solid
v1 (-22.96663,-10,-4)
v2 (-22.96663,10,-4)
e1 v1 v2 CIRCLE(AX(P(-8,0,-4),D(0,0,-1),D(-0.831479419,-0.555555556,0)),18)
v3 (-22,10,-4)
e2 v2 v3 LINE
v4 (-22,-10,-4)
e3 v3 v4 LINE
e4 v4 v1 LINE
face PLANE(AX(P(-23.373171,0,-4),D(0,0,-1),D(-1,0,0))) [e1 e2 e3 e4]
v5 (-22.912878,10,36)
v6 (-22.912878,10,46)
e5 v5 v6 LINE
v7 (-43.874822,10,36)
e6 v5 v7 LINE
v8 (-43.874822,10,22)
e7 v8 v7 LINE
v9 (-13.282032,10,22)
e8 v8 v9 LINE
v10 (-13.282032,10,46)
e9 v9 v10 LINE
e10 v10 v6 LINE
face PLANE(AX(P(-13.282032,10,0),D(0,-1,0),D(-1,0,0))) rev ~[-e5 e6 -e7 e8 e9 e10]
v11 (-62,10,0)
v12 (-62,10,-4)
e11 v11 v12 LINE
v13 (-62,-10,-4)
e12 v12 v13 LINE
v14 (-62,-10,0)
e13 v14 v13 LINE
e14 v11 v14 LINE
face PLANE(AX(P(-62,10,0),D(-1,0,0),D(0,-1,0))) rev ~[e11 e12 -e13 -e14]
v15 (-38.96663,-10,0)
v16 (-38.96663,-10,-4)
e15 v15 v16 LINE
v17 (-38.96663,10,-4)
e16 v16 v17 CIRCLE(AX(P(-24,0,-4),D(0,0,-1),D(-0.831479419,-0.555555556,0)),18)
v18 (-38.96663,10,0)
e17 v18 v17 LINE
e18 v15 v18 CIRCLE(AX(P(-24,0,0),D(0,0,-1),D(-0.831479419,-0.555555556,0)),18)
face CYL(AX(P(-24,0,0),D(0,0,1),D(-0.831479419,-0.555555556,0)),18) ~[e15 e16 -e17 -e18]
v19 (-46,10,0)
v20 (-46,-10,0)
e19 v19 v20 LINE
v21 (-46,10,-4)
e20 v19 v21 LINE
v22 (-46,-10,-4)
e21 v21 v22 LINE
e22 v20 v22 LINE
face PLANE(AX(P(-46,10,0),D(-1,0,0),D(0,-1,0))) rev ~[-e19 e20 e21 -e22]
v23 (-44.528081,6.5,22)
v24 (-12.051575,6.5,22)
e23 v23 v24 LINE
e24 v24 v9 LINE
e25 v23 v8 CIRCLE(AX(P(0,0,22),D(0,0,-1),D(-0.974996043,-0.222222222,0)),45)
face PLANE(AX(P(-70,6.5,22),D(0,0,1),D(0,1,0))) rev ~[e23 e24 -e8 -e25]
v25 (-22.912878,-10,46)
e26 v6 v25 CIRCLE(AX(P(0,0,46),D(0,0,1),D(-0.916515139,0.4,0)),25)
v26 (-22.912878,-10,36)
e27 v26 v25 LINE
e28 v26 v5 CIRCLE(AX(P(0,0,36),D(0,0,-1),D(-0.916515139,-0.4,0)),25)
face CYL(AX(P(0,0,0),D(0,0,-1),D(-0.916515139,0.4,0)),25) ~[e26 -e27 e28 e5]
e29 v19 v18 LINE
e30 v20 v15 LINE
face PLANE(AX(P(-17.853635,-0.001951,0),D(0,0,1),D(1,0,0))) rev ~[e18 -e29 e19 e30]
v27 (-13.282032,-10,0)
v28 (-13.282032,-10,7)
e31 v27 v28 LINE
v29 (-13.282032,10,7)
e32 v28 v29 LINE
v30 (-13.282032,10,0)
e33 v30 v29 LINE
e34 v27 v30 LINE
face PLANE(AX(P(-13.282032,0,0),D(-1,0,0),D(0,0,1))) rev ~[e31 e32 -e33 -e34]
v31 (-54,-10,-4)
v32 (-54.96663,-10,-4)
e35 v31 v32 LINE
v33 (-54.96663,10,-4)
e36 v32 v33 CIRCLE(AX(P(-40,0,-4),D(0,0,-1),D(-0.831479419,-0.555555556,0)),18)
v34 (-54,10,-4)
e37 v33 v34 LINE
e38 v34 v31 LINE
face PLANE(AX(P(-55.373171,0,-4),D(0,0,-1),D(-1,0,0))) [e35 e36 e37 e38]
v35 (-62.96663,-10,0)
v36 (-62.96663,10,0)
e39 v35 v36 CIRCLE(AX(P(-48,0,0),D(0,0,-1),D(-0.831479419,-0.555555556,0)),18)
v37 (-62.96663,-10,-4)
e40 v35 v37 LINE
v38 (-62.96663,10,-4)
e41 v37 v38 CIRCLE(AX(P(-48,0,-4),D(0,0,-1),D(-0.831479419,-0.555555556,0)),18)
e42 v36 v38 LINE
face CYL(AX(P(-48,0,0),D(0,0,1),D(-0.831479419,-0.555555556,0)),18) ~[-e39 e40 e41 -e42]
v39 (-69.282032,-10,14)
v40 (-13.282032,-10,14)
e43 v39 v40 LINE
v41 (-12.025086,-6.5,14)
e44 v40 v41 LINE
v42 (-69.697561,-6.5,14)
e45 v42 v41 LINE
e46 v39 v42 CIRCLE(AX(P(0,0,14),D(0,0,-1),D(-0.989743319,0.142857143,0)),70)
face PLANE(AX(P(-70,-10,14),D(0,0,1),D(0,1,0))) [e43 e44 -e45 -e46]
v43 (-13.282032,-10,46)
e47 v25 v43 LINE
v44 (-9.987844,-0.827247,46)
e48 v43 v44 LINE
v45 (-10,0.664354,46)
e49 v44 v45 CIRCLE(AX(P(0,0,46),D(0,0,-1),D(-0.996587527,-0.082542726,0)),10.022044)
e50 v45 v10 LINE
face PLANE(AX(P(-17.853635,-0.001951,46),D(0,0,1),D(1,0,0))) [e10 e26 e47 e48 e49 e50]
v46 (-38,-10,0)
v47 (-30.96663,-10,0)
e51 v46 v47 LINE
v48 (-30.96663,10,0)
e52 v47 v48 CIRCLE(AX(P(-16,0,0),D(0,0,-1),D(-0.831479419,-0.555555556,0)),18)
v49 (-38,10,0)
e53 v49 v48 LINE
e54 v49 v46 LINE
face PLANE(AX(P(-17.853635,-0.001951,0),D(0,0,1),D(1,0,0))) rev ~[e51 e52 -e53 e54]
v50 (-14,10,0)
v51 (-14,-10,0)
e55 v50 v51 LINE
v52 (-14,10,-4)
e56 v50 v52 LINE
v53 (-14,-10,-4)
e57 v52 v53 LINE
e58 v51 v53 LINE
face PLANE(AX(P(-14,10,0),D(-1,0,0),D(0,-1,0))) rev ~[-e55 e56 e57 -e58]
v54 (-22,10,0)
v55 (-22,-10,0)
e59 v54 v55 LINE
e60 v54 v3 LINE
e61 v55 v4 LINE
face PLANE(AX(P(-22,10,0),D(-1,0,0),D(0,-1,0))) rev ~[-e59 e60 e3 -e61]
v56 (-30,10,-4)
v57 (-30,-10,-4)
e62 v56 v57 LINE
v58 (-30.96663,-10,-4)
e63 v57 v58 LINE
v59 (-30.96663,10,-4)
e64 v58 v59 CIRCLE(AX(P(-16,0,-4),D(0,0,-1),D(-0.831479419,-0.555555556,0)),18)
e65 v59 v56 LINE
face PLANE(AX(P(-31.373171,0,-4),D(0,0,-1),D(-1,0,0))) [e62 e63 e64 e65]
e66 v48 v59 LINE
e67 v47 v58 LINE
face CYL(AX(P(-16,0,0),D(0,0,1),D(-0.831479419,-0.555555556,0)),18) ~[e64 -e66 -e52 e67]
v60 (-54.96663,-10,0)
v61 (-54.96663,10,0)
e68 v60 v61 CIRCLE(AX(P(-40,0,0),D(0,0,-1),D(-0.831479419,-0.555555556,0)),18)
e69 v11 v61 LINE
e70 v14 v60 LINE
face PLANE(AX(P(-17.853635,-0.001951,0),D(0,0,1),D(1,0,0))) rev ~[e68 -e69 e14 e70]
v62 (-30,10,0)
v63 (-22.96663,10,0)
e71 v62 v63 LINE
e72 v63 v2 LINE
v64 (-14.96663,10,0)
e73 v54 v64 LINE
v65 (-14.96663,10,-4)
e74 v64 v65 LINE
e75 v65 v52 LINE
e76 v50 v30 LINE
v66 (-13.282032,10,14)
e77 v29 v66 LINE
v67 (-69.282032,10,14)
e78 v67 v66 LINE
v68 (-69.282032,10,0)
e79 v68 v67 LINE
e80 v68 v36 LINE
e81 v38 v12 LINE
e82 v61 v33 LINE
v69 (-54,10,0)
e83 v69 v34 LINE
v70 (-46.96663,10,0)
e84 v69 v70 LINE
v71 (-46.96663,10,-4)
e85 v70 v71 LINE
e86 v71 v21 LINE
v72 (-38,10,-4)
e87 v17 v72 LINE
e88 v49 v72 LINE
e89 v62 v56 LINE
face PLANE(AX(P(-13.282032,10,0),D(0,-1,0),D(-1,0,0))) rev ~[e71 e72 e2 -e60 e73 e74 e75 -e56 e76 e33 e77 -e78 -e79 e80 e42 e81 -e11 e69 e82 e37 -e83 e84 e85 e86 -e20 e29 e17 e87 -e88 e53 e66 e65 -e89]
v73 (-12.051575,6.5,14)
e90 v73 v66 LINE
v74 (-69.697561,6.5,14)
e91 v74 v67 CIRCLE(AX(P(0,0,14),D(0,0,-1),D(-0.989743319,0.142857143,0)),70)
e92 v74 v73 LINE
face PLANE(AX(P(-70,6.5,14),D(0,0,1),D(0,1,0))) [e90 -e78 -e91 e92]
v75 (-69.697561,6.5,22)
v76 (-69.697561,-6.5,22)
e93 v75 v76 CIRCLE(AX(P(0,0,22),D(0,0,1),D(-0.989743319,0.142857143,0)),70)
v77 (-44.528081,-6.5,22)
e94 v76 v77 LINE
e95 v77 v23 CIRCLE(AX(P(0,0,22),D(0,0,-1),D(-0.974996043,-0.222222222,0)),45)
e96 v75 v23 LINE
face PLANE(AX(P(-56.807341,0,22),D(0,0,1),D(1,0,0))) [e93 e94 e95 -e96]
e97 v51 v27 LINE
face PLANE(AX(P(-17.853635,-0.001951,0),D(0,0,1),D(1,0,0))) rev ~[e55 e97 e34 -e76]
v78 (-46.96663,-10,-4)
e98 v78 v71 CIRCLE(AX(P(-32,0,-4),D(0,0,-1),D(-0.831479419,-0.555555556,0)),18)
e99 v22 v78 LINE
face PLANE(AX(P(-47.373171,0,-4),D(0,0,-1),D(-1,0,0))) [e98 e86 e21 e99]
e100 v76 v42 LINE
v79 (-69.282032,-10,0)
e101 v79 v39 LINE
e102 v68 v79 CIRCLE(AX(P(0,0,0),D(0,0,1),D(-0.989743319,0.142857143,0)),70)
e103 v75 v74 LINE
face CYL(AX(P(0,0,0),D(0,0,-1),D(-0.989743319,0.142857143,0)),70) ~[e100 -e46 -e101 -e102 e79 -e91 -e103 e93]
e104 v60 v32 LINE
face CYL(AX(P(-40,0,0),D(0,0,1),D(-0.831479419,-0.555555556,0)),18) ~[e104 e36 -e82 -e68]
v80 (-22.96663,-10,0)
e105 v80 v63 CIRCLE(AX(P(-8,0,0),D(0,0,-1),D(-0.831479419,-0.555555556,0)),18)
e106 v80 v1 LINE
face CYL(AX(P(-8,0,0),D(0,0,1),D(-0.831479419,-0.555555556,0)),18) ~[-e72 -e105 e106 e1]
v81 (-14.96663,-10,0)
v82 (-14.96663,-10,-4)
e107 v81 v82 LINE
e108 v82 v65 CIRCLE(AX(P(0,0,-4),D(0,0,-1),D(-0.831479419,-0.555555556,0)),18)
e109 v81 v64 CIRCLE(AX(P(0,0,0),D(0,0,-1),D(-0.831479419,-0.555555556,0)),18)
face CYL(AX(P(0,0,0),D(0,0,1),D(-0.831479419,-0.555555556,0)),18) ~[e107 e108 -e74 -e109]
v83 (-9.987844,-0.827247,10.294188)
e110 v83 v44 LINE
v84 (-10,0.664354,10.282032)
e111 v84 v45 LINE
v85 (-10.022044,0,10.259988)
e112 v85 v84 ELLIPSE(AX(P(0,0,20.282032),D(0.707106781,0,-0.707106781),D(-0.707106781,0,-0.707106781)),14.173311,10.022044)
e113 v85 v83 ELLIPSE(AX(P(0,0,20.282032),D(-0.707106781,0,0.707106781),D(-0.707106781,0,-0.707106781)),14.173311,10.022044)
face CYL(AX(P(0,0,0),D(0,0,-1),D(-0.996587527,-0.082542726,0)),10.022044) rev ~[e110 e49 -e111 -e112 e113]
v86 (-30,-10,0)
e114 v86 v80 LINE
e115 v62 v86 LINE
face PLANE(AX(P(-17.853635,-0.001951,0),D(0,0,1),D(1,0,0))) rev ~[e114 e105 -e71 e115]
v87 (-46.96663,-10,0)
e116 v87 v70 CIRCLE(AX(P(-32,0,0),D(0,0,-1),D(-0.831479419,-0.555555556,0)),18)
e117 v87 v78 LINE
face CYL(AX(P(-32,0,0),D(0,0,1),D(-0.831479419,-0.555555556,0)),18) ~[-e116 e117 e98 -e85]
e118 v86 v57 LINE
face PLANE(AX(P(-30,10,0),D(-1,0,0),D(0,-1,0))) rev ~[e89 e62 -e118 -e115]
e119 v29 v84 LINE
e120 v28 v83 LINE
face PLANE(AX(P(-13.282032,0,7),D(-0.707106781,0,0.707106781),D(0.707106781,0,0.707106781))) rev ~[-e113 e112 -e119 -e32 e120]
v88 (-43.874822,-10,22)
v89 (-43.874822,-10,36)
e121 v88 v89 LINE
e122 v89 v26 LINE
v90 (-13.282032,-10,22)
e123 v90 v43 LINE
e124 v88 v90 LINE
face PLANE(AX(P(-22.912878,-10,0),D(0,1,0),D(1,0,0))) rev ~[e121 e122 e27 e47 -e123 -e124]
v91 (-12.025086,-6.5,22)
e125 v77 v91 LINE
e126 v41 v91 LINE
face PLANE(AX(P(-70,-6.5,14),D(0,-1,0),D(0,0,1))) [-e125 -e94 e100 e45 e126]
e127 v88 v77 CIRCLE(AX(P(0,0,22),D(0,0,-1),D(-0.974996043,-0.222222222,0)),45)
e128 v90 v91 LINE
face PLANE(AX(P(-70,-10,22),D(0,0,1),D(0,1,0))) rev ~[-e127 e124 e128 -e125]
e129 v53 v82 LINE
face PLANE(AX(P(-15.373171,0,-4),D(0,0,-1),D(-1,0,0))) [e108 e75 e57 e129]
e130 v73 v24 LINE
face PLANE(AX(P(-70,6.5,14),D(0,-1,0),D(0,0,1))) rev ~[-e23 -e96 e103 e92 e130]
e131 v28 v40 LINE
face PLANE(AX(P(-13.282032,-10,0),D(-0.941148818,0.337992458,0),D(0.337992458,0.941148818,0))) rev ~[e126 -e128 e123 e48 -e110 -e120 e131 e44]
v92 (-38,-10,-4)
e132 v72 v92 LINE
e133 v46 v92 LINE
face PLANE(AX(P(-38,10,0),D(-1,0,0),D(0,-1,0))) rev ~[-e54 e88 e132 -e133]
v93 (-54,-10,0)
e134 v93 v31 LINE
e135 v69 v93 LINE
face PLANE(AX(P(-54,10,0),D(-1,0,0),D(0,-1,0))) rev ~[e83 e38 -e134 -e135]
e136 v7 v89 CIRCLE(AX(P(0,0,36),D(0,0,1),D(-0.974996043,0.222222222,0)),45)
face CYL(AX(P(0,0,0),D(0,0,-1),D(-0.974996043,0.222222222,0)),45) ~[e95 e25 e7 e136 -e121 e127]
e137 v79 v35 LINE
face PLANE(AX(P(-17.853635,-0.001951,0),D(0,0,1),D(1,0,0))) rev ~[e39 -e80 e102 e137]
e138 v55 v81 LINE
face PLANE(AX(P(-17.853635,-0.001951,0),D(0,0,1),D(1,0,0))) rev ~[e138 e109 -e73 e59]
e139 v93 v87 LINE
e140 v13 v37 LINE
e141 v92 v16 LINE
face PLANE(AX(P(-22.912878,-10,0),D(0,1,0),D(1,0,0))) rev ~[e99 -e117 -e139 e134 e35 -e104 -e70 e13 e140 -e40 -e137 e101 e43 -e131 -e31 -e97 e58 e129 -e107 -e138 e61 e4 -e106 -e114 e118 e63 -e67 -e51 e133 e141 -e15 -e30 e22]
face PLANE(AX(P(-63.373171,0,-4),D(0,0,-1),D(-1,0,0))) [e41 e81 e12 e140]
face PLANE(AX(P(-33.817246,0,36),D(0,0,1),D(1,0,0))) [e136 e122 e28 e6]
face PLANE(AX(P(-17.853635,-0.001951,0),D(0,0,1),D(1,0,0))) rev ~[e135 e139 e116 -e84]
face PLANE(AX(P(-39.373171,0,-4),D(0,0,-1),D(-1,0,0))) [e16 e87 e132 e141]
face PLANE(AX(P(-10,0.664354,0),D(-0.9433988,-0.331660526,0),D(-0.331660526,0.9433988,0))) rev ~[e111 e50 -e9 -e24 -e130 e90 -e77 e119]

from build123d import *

# Parameters (mm, degrees)
BOSS_EXTRUDE1_DEPTH     = 22
BOSS_EXTRUDE2_DEPTH     = 36
BOSS_EXTRUDE3_DEPTH     = 46
SKETCH4_W               = 8
SKETCH4_H               = 3.5
CUT_EXTRUDE1_DEPTH      = 61.012155958
CUT_EXTRUDE3_DEPTH      = 11
CUT_EXTRUDE3_DEPTH_BACK = 11
BOSS_EXTRUDE4_DEPTH     = 4
LPATTERN1_COUNT         = 7
LPATTERN1_PITCH         = 8


with BuildPart() as part:
    # Sketch1 → Boss-Extrude1 (new body)
    with BuildSketch(Plane.XY):
        with BuildLine():
            Line((-69.282032303, -10), (-43.874821937, -10))
            ThreePointArc((-43.874821937, -10), (-45, 0), (-43.874821937, 10))
            Line((-43.874821937, 10), (-69.282032303, 10))
            ThreePointArc((-69.282032303, 10), (-70, 0), (-69.282032303, -10))
        make_face()
    extrude(amount=BOSS_EXTRUDE1_DEPTH)

    # Sketch1<3> → Boss-Extrude2 (add)
    with BuildSketch(Plane.XY):
        with BuildLine():
            Line((-43.874821937, -10), (-22.912878475, -10))
            ThreePointArc((-22.912878475, -10), (-25, 0), (-22.912878475, 10))
            Line((-22.912878475, 10), (-43.874821937, 10))
            ThreePointArc((-43.874821937, 10), (-45, 0), (-43.874821937, -10))
        make_face()
    extrude(amount=BOSS_EXTRUDE2_DEPTH)

    # Sketch1<4> → Boss-Extrude3 (add)
    with BuildSketch(Plane.XY):
        with BuildLine():
            Line((-22.912878475, -10), (-13.282032303, -10))
            Line((-13.282032303, -10), (-9.987844042, -0.827246844))
            ThreePointArc((-9.987844042, -0.827246844), (-10.021711204, -0.081673003), (-10, 0.664353779))
            Line((-10, 0.664353779), (-13.282032303, 10))
            Line((-13.282032303, 10), (-22.912878475, 10))
            ThreePointArc((-22.912878475, 10), (-25, 0), (-22.912878475, -10))
        make_face()
    extrude(amount=BOSS_EXTRUDE3_DEPTH)

    # Sketch4 → Cut-Extrude1 (cut, through all)
    with BuildSketch(Plane.ZY.offset(70)):
        with Locations((18, 8.25)):
            Rectangle(SKETCH4_W, SKETCH4_H)
        with Locations((18, -8.25)):
            Rectangle(SKETCH4_W, SKETCH4_H)
    extrude(amount=-CUT_EXTRUDE1_DEPTH, mode=Mode.SUBTRACT)

    # Sketch8 → Cut-Extrude3 (cut, two sides)
    with BuildSketch(Plane(origin=(0, 0, 0), x_dir=(1, 0, 0), z_dir=(0, 1, 0))) as cut_extrude3_sk:
        Polygon((-13.282032303, -7), (-9.987844042, -10.294188261), (-9.987844042, 0), (-13.282032303, 0), align=None)
    extrude(amount=CUT_EXTRUDE3_DEPTH, mode=Mode.SUBTRACT)
    extrude(cut_extrude3_sk.sketch, amount=-CUT_EXTRUDE3_DEPTH_BACK, mode=Mode.SUBTRACT)

    # Sketch7 → Boss-Extrude4 (add)
    with BuildSketch(Plane(origin=(0, 0, 0), x_dir=(-1, 0, 0), z_dir=(0, 0, -1))):
        with BuildLine():
            Line((14, 10), (14, -10))
            Line((14, -10), (14.966629547, -10))
            ThreePointArc((14.966629547, -10), (18, 0), (14.966629547, 10))
            Line((14.966629547, 10), (14, 10))
        make_face()
    boss_extrude4 = extrude(amount=BOSS_EXTRUDE4_DEPTH)

    # LPattern1: Boss-Extrude4 ×7
    with Locations(*[(-i * LPATTERN1_PITCH, 0, 0) for i in range(1, LPATTERN1_COUNT)]):
        add(boss_extrude4)


solid = part.part
